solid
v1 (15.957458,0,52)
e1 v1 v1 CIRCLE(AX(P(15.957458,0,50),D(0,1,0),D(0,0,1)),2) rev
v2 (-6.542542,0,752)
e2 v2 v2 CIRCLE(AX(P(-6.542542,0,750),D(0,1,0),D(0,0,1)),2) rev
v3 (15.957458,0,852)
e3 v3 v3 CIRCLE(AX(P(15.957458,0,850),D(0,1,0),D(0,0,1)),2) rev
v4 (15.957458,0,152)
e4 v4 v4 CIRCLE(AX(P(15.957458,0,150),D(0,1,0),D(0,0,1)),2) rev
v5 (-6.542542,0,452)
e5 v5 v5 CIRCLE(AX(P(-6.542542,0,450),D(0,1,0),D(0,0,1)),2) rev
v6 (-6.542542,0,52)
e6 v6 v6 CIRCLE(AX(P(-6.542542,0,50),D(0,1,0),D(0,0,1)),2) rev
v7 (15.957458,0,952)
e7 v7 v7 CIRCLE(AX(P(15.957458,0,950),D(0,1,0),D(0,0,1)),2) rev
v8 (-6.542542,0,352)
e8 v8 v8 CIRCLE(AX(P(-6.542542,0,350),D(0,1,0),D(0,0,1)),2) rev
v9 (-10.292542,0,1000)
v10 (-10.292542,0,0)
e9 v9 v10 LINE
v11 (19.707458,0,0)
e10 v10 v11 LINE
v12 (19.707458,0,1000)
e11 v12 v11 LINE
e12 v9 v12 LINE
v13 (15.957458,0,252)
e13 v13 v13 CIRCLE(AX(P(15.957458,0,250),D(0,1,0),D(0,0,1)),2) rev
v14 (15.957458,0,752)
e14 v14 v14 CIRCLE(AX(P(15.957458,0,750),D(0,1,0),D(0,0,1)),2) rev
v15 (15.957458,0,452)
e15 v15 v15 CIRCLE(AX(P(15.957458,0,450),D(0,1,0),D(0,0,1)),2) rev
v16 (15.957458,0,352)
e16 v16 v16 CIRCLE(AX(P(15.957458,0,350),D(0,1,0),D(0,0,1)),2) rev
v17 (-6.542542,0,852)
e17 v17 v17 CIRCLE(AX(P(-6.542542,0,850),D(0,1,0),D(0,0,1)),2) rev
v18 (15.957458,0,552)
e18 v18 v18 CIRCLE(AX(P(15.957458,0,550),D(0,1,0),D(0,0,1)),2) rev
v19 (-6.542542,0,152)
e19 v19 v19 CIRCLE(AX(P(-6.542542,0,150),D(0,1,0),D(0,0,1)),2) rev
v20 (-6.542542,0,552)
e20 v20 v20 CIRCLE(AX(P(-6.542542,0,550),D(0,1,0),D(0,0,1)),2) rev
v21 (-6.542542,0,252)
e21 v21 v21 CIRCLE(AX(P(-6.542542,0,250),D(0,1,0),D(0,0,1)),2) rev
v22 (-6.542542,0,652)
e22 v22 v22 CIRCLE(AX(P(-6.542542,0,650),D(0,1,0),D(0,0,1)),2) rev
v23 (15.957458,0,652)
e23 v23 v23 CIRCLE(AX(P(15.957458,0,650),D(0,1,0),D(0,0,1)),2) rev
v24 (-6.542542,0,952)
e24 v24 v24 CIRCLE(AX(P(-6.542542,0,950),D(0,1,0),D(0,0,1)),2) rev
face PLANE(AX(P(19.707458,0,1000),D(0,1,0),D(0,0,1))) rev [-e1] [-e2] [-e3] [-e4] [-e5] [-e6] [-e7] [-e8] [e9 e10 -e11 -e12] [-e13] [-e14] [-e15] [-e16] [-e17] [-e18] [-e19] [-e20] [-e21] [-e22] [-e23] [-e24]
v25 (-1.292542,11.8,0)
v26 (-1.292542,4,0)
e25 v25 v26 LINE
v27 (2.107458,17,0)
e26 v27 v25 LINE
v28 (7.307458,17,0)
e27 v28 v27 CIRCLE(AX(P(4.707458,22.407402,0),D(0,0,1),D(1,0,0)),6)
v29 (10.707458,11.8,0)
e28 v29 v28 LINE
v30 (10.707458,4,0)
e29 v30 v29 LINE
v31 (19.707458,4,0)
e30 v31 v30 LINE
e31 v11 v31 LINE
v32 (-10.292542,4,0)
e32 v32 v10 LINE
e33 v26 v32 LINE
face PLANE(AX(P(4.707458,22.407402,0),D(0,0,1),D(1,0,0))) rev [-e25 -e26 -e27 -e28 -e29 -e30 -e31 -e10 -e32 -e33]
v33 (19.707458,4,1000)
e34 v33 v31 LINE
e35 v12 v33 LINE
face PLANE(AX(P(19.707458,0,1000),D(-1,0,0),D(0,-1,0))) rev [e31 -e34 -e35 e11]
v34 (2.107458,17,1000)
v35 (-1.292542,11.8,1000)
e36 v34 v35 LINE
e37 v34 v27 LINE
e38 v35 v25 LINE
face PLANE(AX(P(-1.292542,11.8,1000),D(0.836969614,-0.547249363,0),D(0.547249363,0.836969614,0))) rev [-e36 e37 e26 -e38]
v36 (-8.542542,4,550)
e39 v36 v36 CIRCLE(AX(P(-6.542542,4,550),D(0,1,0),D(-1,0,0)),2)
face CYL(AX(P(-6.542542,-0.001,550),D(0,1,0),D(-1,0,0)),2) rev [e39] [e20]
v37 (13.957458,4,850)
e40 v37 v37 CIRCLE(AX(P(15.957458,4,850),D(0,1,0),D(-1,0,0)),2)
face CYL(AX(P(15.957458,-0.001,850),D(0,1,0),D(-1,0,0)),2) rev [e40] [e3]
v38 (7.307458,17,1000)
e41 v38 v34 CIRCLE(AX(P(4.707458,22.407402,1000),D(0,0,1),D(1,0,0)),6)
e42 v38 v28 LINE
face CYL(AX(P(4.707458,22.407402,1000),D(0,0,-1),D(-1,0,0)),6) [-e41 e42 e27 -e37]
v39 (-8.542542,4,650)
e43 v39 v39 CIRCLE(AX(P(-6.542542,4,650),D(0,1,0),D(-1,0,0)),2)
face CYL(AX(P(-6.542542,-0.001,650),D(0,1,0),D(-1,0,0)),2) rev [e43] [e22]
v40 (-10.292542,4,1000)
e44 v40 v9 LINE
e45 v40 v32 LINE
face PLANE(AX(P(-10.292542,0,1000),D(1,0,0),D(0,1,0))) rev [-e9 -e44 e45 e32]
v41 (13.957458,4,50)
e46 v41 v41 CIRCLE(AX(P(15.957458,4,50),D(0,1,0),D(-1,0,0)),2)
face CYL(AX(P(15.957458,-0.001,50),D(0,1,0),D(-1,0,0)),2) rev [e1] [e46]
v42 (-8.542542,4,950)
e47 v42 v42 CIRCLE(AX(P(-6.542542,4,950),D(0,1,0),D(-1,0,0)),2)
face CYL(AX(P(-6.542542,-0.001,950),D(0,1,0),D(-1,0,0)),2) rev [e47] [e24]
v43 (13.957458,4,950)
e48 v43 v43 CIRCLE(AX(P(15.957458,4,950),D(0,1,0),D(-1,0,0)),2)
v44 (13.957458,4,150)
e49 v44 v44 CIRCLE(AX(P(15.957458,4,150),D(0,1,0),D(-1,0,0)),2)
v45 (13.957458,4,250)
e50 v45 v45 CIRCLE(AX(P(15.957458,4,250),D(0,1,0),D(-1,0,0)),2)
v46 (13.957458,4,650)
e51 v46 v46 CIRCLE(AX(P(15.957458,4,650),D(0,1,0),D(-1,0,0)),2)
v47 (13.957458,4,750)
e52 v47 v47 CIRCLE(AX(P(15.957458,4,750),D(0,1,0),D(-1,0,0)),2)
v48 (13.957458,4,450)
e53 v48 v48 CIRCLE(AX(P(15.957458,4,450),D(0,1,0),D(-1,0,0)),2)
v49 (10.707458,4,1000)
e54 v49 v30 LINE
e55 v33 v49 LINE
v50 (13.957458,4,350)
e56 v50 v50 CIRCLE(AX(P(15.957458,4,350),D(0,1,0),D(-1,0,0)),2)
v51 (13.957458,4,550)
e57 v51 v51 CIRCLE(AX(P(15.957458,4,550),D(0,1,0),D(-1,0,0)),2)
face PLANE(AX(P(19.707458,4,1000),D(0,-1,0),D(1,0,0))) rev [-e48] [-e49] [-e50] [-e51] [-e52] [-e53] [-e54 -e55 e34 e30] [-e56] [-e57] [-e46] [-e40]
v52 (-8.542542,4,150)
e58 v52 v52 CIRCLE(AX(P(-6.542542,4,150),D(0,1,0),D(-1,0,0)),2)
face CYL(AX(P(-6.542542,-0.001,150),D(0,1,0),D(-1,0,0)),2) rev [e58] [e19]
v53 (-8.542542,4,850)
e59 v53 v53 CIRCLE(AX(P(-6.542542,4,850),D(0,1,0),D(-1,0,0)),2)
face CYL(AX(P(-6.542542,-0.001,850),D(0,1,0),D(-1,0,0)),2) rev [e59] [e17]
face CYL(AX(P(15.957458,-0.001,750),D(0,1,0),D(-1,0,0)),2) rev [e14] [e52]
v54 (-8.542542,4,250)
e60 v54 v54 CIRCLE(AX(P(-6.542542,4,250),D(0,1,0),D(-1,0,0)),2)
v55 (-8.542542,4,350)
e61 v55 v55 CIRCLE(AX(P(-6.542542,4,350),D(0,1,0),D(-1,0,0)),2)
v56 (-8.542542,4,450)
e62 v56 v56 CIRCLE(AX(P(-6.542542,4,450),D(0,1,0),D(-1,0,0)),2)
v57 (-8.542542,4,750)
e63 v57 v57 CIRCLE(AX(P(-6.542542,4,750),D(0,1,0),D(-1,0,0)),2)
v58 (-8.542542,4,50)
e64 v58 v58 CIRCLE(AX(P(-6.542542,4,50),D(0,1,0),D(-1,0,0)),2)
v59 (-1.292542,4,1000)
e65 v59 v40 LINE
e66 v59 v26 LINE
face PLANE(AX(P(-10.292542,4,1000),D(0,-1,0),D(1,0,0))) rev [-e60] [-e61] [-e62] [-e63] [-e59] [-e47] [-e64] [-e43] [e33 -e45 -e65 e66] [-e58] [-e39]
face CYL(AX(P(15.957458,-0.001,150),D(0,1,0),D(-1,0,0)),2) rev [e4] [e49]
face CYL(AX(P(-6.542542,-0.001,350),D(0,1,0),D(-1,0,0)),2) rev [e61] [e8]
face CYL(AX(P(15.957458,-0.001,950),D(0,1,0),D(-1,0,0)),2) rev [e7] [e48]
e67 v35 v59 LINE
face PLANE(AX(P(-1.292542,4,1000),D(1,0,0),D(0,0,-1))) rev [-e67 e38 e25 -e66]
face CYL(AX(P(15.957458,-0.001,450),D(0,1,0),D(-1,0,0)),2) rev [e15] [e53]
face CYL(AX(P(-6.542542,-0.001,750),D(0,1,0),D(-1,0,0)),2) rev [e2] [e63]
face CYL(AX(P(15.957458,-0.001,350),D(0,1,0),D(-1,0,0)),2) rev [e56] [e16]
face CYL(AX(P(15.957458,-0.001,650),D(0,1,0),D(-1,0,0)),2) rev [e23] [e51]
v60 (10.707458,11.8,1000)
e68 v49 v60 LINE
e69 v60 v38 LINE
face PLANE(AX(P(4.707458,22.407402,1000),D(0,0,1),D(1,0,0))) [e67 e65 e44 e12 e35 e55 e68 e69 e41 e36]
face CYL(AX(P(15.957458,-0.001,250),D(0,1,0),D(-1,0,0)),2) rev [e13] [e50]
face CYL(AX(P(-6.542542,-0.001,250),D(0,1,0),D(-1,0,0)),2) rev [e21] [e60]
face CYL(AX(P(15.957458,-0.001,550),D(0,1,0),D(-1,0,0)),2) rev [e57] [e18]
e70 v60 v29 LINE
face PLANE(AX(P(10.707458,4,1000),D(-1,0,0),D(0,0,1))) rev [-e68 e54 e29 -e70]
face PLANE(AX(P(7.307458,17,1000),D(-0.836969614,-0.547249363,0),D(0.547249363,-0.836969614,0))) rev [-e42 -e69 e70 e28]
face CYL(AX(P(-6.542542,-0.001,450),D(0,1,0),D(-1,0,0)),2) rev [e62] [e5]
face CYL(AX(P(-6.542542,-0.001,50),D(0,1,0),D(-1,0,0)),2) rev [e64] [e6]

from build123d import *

# Parameters (mm, degrees)
BOSS_EXTRUDE1_DEPTH = 1000
CUT_EXTRUDE1_REACH  = 1002.492
SKETCH2_R           = 2


with BuildPart() as part:
    # Sketch1 → Boss-Extrude1 (new body)
    with BuildSketch(Plane.XY):
        with BuildLine():
            Line((19.707457755, 0), (-10.292542245, 0))
            Line((-10.292542245, 0), (-10.292542245, 4))
            Line((-10.292542245, 4), (-1.292542245, 4))
            Line((-1.292542245, 4), (-1.292542245, 11.8))
            Line((-1.292542245, 11.8), (2.107457755, 17))
            ThreePointArc((2.107457755, 17), (4.707457755, 28.407402334), (7.307457755, 17))
            Line((7.307457755, 17), (10.707457755, 11.8))
            Line((10.707457755, 11.8), (10.707457755, 4))
            Line((10.707457755, 4), (19.707457755, 4))
            Line((19.707457755, 4), (19.707457755, 0))
        make_face()
    extrude(amount=BOSS_EXTRUDE1_DEPTH)

    # Sketch2 → Cut-Extrude1 (cut, up to next)
    with BuildSketch(Plane(origin=(0, 4, 0), x_dir=(1, 0, 0), z_dir=(0, 1, 0)), mode=Mode.PRIVATE) as cut_extrude1_sk1:
        with Locations(Location((-6.542542245, -50, 0), (0, 0, 180))):
            Circle(SKETCH2_R)
    cut_extrude1_tool1 = extrude(cut_extrude1_sk1.sketch, amount=-CUT_EXTRUDE1_REACH, mode=Mode.PRIVATE) & part.part
    # Sketch2 → Cut-Extrude1 (cut, up to next)
    with BuildSketch(Plane(origin=(0, 4, 0), x_dir=(1, 0, 0), z_dir=(0, 1, 0)), mode=Mode.PRIVATE) as cut_extrude1_sk2:
        with Locations(Location((-6.542542245, -150, 0), (0, 0, 180))):
            Circle(SKETCH2_R)
    cut_extrude1_tool2 = extrude(cut_extrude1_sk2.sketch, amount=-CUT_EXTRUDE1_REACH, mode=Mode.PRIVATE) & part.part
    # Sketch2 → Cut-Extrude1 (cut, up to next)
    with BuildSketch(Plane(origin=(0, 4, 0), x_dir=(1, 0, 0), z_dir=(0, 1, 0)), mode=Mode.PRIVATE) as cut_extrude1_sk3:
        with Locations(Location((-6.542542245, -250, 0), (0, 0, 180))):
            Circle(SKETCH2_R)
    cut_extrude1_tool3 = extrude(cut_extrude1_sk3.sketch, amount=-CUT_EXTRUDE1_REACH, mode=Mode.PRIVATE) & part.part
    # Sketch2 → Cut-Extrude1 (cut, up to next)
    with BuildSketch(Plane(origin=(0, 4, 0), x_dir=(1, 0, 0), z_dir=(0, 1, 0)), mode=Mode.PRIVATE) as cut_extrude1_sk4:
        with Locations(Location((-6.542542245, -350, 0), (0, 0, 180))):
            Circle(SKETCH2_R)
    cut_extrude1_tool4 = extrude(cut_extrude1_sk4.sketch, amount=-CUT_EXTRUDE1_REACH, mode=Mode.PRIVATE) & part.part
    # Sketch2 → Cut-Extrude1 (cut, up to next)
    with BuildSketch(Plane(origin=(0, 4, 0), x_dir=(1, 0, 0), z_dir=(0, 1, 0)), mode=Mode.PRIVATE) as cut_extrude1_sk5:
        with Locations(Location((-6.542542245, -450, 0), (0, 0, 180))):
            Circle(SKETCH2_R)
    cut_extrude1_tool5 = extrude(cut_extrude1_sk5.sketch, amount=-CUT_EXTRUDE1_REACH, mode=Mode.PRIVATE) & part.part
    # Sketch2 → Cut-Extrude1 (cut, up to next)
    with BuildSketch(Plane(origin=(0, 4, 0), x_dir=(1, 0, 0), z_dir=(0, 1, 0)), mode=Mode.PRIVATE) as cut_extrude1_sk6:
        with Locations(Location((-6.542542245, -550, 0), (0, 0, 180))):
            Circle(SKETCH2_R)
    cut_extrude1_tool6 = extrude(cut_extrude1_sk6.sketch, amount=-CUT_EXTRUDE1_REACH, mode=Mode.PRIVATE) & part.part
    # Sketch2 → Cut-Extrude1 (cut, up to next)
    with BuildSketch(Plane(origin=(0, 4, 0), x_dir=(1, 0, 0), z_dir=(0, 1, 0)), mode=Mode.PRIVATE) as cut_extrude1_sk7:
        with Locations(Location((-6.542542245, -650, 0), (0, 0, 180))):
            Circle(SKETCH2_R)
    cut_extrude1_tool7 = extrude(cut_extrude1_sk7.sketch, amount=-CUT_EXTRUDE1_REACH, mode=Mode.PRIVATE) & part.part
    # Sketch2 → Cut-Extrude1 (cut, up to next)
    with BuildSketch(Plane(origin=(0, 4, 0), x_dir=(1, 0, 0), z_dir=(0, 1, 0)), mode=Mode.PRIVATE) as cut_extrude1_sk8:
        with Locations(Location((-6.542542245, -750, 0), (0, 0, 180))):
            Circle(SKETCH2_R)
    cut_extrude1_tool8 = extrude(cut_extrude1_sk8.sketch, amount=-CUT_EXTRUDE1_REACH, mode=Mode.PRIVATE) & part.part
    # Sketch2 → Cut-Extrude1 (cut, up to next)
    with BuildSketch(Plane(origin=(0, 4, 0), x_dir=(1, 0, 0), z_dir=(0, 1, 0)), mode=Mode.PRIVATE) as cut_extrude1_sk9:
        with Locations(Location((-6.542542245, -850, 0), (0, 0, 180))):
            Circle(SKETCH2_R)
    cut_extrude1_tool9 = extrude(cut_extrude1_sk9.sketch, amount=-CUT_EXTRUDE1_REACH, mode=Mode.PRIVATE) & part.part
    # Sketch2 → Cut-Extrude1 (cut, up to next)
    with BuildSketch(Plane(origin=(0, 4, 0), x_dir=(1, 0, 0), z_dir=(0, 1, 0)), mode=Mode.PRIVATE) as cut_extrude1_sk10:
        with Locations(Location((-6.542542245, -950, 0), (0, 0, 180))):
            Circle(SKETCH2_R)
    cut_extrude1_tool10 = extrude(cut_extrude1_sk10.sketch, amount=-CUT_EXTRUDE1_REACH, mode=Mode.PRIVATE) & part.part
    # Sketch2 → Cut-Extrude1 (cut, up to next)
    with BuildSketch(Plane(origin=(0, 4, 0), x_dir=(1, 0, 0), z_dir=(0, 1, 0)), mode=Mode.PRIVATE) as cut_extrude1_sk11:
        with Locations(Location((15.957457755, -50, 0), (0, 0, 180))):
            Circle(SKETCH2_R)
    cut_extrude1_tool11 = extrude(cut_extrude1_sk11.sketch, amount=-CUT_EXTRUDE1_REACH, mode=Mode.PRIVATE) & part.part
    # Sketch2 → Cut-Extrude1 (cut, up to next)
    with BuildSketch(Plane(origin=(0, 4, 0), x_dir=(1, 0, 0), z_dir=(0, 1, 0)), mode=Mode.PRIVATE) as cut_extrude1_sk12:
        with Locations(Location((15.957457755, -150, 0), (0, 0, 180))):
            Circle(SKETCH2_R)
    cut_extrude1_tool12 = extrude(cut_extrude1_sk12.sketch, amount=-CUT_EXTRUDE1_REACH, mode=Mode.PRIVATE) & part.part
    # Sketch2 → Cut-Extrude1 (cut, up to next)
    with BuildSketch(Plane(origin=(0, 4, 0), x_dir=(1, 0, 0), z_dir=(0, 1, 0)), mode=Mode.PRIVATE) as cut_extrude1_sk13:
        with Locations(Location((15.957457755, -250, 0), (0, 0, 180))):
            Circle(SKETCH2_R)
    cut_extrude1_tool13 = extrude(cut_extrude1_sk13.sketch, amount=-CUT_EXTRUDE1_REACH, mode=Mode.PRIVATE) & part.part
    # Sketch2 → Cut-Extrude1 (cut, up to next)
    with BuildSketch(Plane(origin=(0, 4, 0), x_dir=(1, 0, 0), z_dir=(0, 1, 0)), mode=Mode.PRIVATE) as cut_extrude1_sk14:
        with Locations(Location((15.957457755, -350, 0), (0, 0, 180))):
            Circle(SKETCH2_R)
    cut_extrude1_tool14 = extrude(cut_extrude1_sk14.sketch, amount=-CUT_EXTRUDE1_REACH, mode=Mode.PRIVATE) & part.part
    # Sketch2 → Cut-Extrude1 (cut, up to next)
    with BuildSketch(Plane(origin=(0, 4, 0), x_dir=(1, 0, 0), z_dir=(0, 1, 0)), mode=Mode.PRIVATE) as cut_extrude1_sk15:
        with Locations(Location((15.957457755, -450, 0), (0, 0, 180))):
            Circle(SKETCH2_R)
    cut_extrude1_tool15 = extrude(cut_extrude1_sk15.sketch, amount=-CUT_EXTRUDE1_REACH, mode=Mode.PRIVATE) & part.part
    # Sketch2 → Cut-Extrude1 (cut, up to next)
    with BuildSketch(Plane(origin=(0, 4, 0), x_dir=(1, 0, 0), z_dir=(0, 1, 0)), mode=Mode.PRIVATE) as cut_extrude1_sk16:
        with Locations(Location((15.957457755, -550, 0), (0, 0, 180))):
            Circle(SKETCH2_R)
    cut_extrude1_tool16 = extrude(cut_extrude1_sk16.sketch, amount=-CUT_EXTRUDE1_REACH, mode=Mode.PRIVATE) & part.part
    # Sketch2 → Cut-Extrude1 (cut, up to next)
    with BuildSketch(Plane(origin=(0, 4, 0), x_dir=(1, 0, 0), z_dir=(0, 1, 0)), mode=Mode.PRIVATE) as cut_extrude1_sk17:
        with Locations(Location((15.957457755, -650, 0), (0, 0, 180))):
            Circle(SKETCH2_R)
    cut_extrude1_tool17 = extrude(cut_extrude1_sk17.sketch, amount=-CUT_EXTRUDE1_REACH, mode=Mode.PRIVATE) & part.part
    # Sketch2 → Cut-Extrude1 (cut, up to next)
    with BuildSketch(Plane(origin=(0, 4, 0), x_dir=(1, 0, 0), z_dir=(0, 1, 0)), mode=Mode.PRIVATE) as cut_extrude1_sk18:
        with Locations(Location((15.957457755, -750, 0), (0, 0, 180))):
            Circle(SKETCH2_R)
    cut_extrude1_tool18 = extrude(cut_extrude1_sk18.sketch, amount=-CUT_EXTRUDE1_REACH, mode=Mode.PRIVATE) & part.part
    # Sketch2 → Cut-Extrude1 (cut, up to next)
    with BuildSketch(Plane(origin=(0, 4, 0), x_dir=(1, 0, 0), z_dir=(0, 1, 0)), mode=Mode.PRIVATE) as cut_extrude1_sk19:
        with Locations(Location((15.957457755, -850, 0), (0, 0, 180))):
            Circle(SKETCH2_R)
    cut_extrude1_tool19 = extrude(cut_extrude1_sk19.sketch, amount=-CUT_EXTRUDE1_REACH, mode=Mode.PRIVATE) & part.part
    # Sketch2 → Cut-Extrude1 (cut, up to next)
    with BuildSketch(Plane(origin=(0, 4, 0), x_dir=(1, 0, 0), z_dir=(0, 1, 0)), mode=Mode.PRIVATE) as cut_extrude1_sk20:
        with Locations(Location((15.957457755, -950, 0), (0, 0, 180))):
            Circle(SKETCH2_R)
    cut_extrude1_tool20 = extrude(cut_extrude1_sk20.sketch, amount=-CUT_EXTRUDE1_REACH, mode=Mode.PRIVATE) & part.part
    add(cut_extrude1_tool1.solids().sort_by_distance((-6.542542, 4, 50))[0], mode=Mode.SUBTRACT)
    add(cut_extrude1_tool2.solids().sort_by_distance((-6.542542, 4, 150))[0], mode=Mode.SUBTRACT)
    add(cut_extrude1_tool3.solids().sort_by_distance((-6.542542, 4, 250))[0], mode=Mode.SUBTRACT)
    add(cut_extrude1_tool4.solids().sort_by_distance((-6.542542, 4, 350))[0], mode=Mode.SUBTRACT)
    add(cut_extrude1_tool5.solids().sort_by_distance((-6.542542, 4, 450))[0], mode=Mode.SUBTRACT)
    add(cut_extrude1_tool6.solids().sort_by_distance((-6.542542, 4, 550))[0], mode=Mode.SUBTRACT)
    add(cut_extrude1_tool7.solids().sort_by_distance((-6.542542, 4, 650))[0], mode=Mode.SUBTRACT)
    add(cut_extrude1_tool8.solids().sort_by_distance((-6.542542, 4, 750))[0], mode=Mode.SUBTRACT)
    add(cut_extrude1_tool9.solids().sort_by_distance((-6.542542, 4, 850))[0], mode=Mode.SUBTRACT)
    add(cut_extrude1_tool10.solids().sort_by_distance((-6.542542, 4, 950))[0], mode=Mode.SUBTRACT)
    add(cut_extrude1_tool11.solids().sort_by_distance((15.957458, 4, 50))[0], mode=Mode.SUBTRACT)
    add(cut_extrude1_tool12.solids().sort_by_distance((15.957458, 4, 150))[0], mode=Mode.SUBTRACT)
    add(cut_extrude1_tool13.solids().sort_by_distance((15.957458, 4, 250))[0], mode=Mode.SUBTRACT)
    add(cut_extrude1_tool14.solids().sort_by_distance((15.957458, 4, 350))[0], mode=Mode.SUBTRACT)
    add(cut_extrude1_tool15.solids().sort_by_distance((15.957458, 4, 450))[0], mode=Mode.SUBTRACT)
    add(cut_extrude1_tool16.solids().sort_by_distance((15.957458, 4, 550))[0], mode=Mode.SUBTRACT)
    add(cut_extrude1_tool17.solids().sort_by_distance((15.957458, 4, 650))[0], mode=Mode.SUBTRACT)
    add(cut_extrude1_tool18.solids().sort_by_distance((15.957458, 4, 750))[0], mode=Mode.SUBTRACT)
    add(cut_extrude1_tool19.solids().sort_by_distance((15.957458, 4, 850))[0], mode=Mode.SUBTRACT)
    add(cut_extrude1_tool20.solids().sort_by_distance((15.957458, 4, 950))[0], mode=Mode.SUBTRACT)


solid = part.part
